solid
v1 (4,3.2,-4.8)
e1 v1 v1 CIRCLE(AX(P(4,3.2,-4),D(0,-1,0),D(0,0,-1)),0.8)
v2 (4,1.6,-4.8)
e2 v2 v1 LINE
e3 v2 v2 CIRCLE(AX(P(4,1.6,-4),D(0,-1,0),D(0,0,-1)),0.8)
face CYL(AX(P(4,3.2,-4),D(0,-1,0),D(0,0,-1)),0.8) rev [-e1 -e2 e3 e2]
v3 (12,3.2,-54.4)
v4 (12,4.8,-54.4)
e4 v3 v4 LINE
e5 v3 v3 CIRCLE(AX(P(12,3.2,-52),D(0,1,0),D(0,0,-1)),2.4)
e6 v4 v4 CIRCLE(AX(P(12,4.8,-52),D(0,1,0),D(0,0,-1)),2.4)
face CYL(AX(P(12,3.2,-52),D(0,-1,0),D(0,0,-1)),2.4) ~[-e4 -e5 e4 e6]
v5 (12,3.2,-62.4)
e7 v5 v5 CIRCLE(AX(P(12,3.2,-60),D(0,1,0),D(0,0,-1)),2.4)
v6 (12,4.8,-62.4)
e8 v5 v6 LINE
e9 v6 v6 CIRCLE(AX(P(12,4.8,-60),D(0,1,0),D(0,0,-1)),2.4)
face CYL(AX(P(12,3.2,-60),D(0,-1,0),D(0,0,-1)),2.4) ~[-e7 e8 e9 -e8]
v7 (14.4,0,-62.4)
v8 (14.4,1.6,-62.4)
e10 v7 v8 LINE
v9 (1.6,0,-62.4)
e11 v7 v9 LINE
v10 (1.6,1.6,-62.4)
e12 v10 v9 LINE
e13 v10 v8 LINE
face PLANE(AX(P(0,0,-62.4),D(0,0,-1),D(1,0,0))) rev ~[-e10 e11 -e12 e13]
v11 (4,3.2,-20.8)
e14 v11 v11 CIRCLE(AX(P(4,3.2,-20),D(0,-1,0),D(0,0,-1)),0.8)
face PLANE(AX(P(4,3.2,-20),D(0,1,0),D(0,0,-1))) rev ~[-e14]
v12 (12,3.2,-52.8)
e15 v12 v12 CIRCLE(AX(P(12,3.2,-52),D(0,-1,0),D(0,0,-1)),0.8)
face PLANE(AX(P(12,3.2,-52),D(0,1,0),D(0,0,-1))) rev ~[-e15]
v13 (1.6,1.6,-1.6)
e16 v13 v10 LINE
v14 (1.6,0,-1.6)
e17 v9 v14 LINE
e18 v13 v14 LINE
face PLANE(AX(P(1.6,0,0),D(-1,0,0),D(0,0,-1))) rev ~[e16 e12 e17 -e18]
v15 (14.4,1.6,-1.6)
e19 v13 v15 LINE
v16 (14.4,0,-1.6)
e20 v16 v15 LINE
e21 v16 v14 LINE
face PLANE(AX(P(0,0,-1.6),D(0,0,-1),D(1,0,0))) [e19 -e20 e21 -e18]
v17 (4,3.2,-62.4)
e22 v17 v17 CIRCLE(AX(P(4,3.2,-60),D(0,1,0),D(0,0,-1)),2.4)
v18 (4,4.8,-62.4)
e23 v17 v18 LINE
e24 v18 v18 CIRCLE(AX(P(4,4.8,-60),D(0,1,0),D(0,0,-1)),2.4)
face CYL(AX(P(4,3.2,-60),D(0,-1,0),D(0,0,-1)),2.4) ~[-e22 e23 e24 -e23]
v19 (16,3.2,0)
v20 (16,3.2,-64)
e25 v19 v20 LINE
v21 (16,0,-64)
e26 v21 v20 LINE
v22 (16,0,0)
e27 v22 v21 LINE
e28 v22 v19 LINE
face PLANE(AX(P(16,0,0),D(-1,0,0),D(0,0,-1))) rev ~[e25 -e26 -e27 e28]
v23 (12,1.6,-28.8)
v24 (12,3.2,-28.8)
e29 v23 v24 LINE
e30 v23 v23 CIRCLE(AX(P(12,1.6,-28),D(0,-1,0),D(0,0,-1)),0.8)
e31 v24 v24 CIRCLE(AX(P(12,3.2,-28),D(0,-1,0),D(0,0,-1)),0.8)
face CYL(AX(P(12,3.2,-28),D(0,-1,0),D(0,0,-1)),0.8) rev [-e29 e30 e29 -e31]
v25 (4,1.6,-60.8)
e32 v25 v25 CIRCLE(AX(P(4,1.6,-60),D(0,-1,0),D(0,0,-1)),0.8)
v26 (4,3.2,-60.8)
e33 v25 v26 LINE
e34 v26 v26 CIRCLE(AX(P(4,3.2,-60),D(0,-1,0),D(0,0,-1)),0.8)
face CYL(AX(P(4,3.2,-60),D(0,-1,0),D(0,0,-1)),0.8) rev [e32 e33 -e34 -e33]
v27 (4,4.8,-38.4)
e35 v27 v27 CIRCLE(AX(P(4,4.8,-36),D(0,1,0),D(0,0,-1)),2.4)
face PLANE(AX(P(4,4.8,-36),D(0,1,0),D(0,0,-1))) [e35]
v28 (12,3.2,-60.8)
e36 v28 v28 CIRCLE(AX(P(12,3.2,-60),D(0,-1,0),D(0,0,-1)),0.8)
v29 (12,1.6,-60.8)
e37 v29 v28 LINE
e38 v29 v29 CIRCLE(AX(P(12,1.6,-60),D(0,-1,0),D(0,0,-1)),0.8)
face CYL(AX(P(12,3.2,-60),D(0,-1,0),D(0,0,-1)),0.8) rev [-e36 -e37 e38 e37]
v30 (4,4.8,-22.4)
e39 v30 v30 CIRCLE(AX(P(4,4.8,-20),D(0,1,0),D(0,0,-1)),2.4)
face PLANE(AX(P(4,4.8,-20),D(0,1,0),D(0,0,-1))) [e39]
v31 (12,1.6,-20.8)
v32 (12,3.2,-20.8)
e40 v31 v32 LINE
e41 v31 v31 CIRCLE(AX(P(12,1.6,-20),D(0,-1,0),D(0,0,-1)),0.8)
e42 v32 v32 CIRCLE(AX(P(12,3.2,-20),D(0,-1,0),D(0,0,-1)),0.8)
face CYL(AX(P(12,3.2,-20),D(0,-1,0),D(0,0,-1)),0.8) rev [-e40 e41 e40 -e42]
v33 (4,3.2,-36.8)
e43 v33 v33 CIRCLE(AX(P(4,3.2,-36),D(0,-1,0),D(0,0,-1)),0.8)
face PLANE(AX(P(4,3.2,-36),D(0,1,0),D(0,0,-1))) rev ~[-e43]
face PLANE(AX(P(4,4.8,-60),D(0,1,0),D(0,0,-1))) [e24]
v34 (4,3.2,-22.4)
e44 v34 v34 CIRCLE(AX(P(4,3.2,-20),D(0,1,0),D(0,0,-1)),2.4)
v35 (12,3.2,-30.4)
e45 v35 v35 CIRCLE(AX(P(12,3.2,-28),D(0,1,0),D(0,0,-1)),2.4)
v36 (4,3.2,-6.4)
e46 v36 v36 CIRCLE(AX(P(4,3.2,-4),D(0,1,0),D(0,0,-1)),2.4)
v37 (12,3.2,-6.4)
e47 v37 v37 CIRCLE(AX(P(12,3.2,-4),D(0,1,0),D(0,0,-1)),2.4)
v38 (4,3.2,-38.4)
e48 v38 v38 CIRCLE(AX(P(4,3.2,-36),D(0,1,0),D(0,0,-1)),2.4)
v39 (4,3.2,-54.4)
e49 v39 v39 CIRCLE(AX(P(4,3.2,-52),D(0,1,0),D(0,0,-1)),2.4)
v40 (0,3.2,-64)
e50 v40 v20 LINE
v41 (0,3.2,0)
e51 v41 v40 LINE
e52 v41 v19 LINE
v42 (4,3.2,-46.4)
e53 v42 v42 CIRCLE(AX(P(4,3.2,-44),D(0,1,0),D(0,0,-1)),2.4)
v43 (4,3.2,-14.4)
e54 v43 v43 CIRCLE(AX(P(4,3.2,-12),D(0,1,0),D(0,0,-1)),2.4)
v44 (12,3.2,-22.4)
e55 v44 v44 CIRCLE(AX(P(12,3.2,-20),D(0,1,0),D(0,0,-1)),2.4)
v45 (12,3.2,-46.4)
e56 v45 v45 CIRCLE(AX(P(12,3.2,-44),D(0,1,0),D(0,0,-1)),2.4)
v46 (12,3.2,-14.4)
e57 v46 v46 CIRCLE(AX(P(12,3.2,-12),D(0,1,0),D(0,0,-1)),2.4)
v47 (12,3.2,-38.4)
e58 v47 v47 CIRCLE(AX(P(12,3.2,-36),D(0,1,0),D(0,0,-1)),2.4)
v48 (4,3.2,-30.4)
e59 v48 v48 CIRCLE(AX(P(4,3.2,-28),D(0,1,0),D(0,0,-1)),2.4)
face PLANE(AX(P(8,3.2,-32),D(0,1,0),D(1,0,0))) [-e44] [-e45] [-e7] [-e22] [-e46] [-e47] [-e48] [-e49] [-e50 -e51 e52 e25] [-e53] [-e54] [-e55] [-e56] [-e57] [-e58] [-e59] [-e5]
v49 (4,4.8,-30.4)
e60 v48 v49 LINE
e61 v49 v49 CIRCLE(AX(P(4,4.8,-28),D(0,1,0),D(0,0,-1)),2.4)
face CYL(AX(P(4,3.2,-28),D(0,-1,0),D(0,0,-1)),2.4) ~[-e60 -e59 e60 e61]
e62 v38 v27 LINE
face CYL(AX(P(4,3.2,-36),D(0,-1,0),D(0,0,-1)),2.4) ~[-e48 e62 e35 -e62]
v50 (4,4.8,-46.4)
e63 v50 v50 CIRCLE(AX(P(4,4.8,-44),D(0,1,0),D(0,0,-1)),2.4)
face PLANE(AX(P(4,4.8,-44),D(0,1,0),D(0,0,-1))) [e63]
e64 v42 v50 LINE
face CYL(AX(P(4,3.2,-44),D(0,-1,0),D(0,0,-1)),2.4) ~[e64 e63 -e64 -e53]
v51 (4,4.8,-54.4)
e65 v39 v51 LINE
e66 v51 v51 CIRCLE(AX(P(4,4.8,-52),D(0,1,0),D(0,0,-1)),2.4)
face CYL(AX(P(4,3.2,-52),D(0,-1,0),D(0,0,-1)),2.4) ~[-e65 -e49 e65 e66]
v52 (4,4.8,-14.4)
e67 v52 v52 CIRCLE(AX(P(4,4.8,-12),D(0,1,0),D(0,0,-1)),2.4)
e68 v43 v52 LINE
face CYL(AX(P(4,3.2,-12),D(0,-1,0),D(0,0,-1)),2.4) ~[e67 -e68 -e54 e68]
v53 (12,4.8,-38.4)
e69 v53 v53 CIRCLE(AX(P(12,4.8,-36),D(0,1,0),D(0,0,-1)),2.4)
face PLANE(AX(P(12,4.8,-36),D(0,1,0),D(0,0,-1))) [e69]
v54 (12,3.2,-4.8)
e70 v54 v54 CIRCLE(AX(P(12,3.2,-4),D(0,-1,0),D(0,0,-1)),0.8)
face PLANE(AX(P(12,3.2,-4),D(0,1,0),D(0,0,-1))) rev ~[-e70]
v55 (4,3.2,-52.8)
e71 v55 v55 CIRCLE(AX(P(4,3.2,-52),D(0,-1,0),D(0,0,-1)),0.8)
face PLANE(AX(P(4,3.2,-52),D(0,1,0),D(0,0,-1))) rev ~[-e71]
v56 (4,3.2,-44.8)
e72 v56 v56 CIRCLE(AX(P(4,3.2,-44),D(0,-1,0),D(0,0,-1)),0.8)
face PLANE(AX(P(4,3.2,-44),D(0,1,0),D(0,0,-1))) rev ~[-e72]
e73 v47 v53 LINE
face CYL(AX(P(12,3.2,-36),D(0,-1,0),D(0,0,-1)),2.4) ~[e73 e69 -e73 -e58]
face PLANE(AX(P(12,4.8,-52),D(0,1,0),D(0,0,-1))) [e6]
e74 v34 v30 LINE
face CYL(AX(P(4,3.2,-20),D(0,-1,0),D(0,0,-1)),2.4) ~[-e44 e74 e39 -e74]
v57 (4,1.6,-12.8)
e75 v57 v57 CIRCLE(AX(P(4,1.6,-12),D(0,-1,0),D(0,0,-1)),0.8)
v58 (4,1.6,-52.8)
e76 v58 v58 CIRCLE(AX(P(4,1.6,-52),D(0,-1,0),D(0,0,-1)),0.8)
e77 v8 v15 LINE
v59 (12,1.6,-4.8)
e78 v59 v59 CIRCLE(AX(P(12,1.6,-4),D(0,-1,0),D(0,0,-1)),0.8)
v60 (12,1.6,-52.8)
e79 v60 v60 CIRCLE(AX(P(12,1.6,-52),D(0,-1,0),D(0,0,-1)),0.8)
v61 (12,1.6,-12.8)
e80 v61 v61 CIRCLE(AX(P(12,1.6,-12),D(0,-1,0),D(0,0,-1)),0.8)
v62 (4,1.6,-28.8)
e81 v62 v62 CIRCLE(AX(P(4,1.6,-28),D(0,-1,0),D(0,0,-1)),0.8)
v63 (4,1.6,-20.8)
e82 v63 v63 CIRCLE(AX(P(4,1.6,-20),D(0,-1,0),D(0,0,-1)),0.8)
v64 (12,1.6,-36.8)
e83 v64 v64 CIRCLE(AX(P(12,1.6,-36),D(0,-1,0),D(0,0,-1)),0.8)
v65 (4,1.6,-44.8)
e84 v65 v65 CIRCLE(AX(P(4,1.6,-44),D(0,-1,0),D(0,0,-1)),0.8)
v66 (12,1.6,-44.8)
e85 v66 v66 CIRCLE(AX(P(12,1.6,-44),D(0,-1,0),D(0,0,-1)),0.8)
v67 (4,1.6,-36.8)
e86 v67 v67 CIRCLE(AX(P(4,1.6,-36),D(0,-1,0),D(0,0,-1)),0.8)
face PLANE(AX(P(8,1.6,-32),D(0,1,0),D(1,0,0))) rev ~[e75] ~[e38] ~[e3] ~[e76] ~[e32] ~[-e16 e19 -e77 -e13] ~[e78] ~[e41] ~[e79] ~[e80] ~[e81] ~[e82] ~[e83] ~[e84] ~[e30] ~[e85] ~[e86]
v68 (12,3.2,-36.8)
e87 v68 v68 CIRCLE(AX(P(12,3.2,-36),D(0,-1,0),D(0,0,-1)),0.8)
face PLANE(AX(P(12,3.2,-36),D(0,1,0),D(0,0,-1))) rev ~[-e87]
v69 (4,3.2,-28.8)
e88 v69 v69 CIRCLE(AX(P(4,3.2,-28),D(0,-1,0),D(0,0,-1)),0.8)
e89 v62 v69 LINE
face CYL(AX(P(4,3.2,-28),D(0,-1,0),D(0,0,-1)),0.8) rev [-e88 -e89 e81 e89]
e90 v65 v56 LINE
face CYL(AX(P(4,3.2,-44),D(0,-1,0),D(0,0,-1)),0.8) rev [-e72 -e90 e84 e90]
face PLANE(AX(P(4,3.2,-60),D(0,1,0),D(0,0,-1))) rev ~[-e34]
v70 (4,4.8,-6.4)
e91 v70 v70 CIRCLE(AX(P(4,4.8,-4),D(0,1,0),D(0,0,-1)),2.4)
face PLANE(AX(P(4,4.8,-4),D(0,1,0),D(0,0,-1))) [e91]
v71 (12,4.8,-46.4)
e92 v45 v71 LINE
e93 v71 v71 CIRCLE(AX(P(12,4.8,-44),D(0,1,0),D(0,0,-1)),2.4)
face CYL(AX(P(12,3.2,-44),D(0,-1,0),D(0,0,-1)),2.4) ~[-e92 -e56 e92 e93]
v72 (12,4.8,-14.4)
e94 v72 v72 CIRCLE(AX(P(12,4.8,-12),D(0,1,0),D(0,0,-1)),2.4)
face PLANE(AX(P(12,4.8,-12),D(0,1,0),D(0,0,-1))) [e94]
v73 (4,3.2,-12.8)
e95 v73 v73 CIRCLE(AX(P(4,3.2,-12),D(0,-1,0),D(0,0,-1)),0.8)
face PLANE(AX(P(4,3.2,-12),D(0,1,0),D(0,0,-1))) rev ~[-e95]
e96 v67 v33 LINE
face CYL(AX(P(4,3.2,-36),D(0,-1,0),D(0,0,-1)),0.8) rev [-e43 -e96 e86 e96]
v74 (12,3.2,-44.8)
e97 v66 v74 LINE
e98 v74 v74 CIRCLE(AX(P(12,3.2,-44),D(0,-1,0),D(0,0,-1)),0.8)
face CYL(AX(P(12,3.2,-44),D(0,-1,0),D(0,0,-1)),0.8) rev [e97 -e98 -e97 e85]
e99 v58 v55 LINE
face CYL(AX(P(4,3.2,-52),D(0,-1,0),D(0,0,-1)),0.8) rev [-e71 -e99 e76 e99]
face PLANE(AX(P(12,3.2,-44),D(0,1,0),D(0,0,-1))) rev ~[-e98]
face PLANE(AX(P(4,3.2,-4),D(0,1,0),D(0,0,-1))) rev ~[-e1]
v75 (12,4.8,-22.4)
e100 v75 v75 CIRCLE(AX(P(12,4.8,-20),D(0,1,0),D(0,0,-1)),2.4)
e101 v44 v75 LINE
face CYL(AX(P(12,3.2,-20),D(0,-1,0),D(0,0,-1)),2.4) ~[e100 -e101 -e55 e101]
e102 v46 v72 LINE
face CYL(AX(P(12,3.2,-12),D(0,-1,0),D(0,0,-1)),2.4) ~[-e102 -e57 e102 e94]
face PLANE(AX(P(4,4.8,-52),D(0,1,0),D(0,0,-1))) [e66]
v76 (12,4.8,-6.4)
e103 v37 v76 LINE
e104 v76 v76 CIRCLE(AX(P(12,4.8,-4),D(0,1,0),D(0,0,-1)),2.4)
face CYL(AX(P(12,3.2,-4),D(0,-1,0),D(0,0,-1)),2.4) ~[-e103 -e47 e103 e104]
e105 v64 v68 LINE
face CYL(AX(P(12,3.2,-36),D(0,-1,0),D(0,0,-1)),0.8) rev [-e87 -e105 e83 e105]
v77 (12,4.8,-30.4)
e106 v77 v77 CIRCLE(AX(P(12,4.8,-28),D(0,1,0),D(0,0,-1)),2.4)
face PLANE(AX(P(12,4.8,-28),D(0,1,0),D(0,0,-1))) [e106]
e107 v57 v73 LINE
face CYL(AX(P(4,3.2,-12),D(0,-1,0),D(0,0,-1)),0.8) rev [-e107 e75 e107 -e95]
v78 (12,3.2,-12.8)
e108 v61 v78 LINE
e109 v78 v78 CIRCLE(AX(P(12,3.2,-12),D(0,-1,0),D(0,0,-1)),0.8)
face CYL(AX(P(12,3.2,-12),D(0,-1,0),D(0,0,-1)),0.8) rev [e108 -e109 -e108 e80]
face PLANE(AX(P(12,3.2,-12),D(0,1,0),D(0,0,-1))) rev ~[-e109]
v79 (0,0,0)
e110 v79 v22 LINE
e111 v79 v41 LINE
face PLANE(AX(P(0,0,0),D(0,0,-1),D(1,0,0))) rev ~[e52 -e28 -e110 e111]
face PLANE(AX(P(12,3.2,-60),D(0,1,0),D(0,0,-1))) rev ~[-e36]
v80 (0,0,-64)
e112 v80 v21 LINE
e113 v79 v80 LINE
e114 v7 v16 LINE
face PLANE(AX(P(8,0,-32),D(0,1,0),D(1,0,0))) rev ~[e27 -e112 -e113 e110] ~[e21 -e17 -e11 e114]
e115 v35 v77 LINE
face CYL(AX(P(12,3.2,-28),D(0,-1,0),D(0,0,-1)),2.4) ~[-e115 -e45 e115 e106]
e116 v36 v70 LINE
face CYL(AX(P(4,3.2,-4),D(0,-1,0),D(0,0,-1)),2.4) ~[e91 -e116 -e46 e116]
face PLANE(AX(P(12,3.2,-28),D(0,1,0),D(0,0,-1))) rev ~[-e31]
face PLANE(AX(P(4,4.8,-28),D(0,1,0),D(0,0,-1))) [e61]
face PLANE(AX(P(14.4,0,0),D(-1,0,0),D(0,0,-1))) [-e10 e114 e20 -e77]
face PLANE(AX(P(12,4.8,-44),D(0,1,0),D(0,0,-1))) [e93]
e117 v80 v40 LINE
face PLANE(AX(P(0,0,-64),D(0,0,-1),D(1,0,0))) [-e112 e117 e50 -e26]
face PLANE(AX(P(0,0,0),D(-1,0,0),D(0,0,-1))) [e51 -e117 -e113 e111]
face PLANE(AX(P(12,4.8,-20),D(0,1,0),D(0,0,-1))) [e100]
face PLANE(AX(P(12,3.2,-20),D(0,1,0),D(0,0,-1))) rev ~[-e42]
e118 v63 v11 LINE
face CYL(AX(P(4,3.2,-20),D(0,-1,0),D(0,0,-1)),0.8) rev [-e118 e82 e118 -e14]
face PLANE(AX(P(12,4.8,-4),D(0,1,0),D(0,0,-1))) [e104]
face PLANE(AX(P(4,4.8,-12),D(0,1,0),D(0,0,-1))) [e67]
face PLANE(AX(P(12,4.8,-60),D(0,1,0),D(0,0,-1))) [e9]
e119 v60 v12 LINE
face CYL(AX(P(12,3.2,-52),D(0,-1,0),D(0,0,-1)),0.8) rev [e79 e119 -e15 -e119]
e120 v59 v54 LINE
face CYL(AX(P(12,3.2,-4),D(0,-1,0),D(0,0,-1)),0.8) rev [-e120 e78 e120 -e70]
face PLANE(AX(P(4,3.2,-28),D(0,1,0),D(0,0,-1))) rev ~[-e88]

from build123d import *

# Parameters (mm, degrees)
SKETCH1_W            = 16
SKETCH1_H            = 64
BOSS_EXTRUDE1_DEPTH  = 3.2
SKETCH2_R            = 2.4
BOSS_EXTRUDE2_DEPTH  = 1.6
LPATTERN1_COUNT      = 2
LPATTERN1_PITCH      = 8
LPATTERN1_COUNT_DIR2 = 8
LPATTERN1_PITCH_DIR2 = 8
SHELL1_T             = -1.6


with BuildPart() as part:
    # Sketch1 → Boss-Extrude1 (new body)
    with BuildSketch(Plane(origin=(0, 0, 0), x_dir=(1, 0, 0), z_dir=(0, 1, 0))):
        with Locations((8, 32)):
            Rectangle(SKETCH1_W, SKETCH1_H)
    extrude(amount=BOSS_EXTRUDE1_DEPTH)

    # Sketch2 → Boss-Extrude2 (add)
    with BuildSketch(Plane(origin=(0, 3.2, 0), x_dir=(1, 0, 0), z_dir=(0, 1, 0))):
        with Locations(Location((12, 4, 0), (0, 0, 90))):
            Circle(SKETCH2_R)
    boss_extrude2 = extrude(amount=BOSS_EXTRUDE2_DEPTH)

    # LPattern1: Boss-Extrude2 2 × 8
    with Locations(*[(-i * LPATTERN1_PITCH, 0, -j * LPATTERN1_PITCH_DIR2) for i in range(LPATTERN1_COUNT) for j in range(LPATTERN1_COUNT_DIR2) if (i, j) != (0, 0)]):
        add(boss_extrude2)

    # Shell1
    shell1_openings = [part.faces().sort_by_distance(p)[0] for p in [
        (8, 0, -32),
    ]]
    offset(amount=SHELL1_T, openings=shell1_openings, kind=Kind.INTERSECTION)


solid = part.part
